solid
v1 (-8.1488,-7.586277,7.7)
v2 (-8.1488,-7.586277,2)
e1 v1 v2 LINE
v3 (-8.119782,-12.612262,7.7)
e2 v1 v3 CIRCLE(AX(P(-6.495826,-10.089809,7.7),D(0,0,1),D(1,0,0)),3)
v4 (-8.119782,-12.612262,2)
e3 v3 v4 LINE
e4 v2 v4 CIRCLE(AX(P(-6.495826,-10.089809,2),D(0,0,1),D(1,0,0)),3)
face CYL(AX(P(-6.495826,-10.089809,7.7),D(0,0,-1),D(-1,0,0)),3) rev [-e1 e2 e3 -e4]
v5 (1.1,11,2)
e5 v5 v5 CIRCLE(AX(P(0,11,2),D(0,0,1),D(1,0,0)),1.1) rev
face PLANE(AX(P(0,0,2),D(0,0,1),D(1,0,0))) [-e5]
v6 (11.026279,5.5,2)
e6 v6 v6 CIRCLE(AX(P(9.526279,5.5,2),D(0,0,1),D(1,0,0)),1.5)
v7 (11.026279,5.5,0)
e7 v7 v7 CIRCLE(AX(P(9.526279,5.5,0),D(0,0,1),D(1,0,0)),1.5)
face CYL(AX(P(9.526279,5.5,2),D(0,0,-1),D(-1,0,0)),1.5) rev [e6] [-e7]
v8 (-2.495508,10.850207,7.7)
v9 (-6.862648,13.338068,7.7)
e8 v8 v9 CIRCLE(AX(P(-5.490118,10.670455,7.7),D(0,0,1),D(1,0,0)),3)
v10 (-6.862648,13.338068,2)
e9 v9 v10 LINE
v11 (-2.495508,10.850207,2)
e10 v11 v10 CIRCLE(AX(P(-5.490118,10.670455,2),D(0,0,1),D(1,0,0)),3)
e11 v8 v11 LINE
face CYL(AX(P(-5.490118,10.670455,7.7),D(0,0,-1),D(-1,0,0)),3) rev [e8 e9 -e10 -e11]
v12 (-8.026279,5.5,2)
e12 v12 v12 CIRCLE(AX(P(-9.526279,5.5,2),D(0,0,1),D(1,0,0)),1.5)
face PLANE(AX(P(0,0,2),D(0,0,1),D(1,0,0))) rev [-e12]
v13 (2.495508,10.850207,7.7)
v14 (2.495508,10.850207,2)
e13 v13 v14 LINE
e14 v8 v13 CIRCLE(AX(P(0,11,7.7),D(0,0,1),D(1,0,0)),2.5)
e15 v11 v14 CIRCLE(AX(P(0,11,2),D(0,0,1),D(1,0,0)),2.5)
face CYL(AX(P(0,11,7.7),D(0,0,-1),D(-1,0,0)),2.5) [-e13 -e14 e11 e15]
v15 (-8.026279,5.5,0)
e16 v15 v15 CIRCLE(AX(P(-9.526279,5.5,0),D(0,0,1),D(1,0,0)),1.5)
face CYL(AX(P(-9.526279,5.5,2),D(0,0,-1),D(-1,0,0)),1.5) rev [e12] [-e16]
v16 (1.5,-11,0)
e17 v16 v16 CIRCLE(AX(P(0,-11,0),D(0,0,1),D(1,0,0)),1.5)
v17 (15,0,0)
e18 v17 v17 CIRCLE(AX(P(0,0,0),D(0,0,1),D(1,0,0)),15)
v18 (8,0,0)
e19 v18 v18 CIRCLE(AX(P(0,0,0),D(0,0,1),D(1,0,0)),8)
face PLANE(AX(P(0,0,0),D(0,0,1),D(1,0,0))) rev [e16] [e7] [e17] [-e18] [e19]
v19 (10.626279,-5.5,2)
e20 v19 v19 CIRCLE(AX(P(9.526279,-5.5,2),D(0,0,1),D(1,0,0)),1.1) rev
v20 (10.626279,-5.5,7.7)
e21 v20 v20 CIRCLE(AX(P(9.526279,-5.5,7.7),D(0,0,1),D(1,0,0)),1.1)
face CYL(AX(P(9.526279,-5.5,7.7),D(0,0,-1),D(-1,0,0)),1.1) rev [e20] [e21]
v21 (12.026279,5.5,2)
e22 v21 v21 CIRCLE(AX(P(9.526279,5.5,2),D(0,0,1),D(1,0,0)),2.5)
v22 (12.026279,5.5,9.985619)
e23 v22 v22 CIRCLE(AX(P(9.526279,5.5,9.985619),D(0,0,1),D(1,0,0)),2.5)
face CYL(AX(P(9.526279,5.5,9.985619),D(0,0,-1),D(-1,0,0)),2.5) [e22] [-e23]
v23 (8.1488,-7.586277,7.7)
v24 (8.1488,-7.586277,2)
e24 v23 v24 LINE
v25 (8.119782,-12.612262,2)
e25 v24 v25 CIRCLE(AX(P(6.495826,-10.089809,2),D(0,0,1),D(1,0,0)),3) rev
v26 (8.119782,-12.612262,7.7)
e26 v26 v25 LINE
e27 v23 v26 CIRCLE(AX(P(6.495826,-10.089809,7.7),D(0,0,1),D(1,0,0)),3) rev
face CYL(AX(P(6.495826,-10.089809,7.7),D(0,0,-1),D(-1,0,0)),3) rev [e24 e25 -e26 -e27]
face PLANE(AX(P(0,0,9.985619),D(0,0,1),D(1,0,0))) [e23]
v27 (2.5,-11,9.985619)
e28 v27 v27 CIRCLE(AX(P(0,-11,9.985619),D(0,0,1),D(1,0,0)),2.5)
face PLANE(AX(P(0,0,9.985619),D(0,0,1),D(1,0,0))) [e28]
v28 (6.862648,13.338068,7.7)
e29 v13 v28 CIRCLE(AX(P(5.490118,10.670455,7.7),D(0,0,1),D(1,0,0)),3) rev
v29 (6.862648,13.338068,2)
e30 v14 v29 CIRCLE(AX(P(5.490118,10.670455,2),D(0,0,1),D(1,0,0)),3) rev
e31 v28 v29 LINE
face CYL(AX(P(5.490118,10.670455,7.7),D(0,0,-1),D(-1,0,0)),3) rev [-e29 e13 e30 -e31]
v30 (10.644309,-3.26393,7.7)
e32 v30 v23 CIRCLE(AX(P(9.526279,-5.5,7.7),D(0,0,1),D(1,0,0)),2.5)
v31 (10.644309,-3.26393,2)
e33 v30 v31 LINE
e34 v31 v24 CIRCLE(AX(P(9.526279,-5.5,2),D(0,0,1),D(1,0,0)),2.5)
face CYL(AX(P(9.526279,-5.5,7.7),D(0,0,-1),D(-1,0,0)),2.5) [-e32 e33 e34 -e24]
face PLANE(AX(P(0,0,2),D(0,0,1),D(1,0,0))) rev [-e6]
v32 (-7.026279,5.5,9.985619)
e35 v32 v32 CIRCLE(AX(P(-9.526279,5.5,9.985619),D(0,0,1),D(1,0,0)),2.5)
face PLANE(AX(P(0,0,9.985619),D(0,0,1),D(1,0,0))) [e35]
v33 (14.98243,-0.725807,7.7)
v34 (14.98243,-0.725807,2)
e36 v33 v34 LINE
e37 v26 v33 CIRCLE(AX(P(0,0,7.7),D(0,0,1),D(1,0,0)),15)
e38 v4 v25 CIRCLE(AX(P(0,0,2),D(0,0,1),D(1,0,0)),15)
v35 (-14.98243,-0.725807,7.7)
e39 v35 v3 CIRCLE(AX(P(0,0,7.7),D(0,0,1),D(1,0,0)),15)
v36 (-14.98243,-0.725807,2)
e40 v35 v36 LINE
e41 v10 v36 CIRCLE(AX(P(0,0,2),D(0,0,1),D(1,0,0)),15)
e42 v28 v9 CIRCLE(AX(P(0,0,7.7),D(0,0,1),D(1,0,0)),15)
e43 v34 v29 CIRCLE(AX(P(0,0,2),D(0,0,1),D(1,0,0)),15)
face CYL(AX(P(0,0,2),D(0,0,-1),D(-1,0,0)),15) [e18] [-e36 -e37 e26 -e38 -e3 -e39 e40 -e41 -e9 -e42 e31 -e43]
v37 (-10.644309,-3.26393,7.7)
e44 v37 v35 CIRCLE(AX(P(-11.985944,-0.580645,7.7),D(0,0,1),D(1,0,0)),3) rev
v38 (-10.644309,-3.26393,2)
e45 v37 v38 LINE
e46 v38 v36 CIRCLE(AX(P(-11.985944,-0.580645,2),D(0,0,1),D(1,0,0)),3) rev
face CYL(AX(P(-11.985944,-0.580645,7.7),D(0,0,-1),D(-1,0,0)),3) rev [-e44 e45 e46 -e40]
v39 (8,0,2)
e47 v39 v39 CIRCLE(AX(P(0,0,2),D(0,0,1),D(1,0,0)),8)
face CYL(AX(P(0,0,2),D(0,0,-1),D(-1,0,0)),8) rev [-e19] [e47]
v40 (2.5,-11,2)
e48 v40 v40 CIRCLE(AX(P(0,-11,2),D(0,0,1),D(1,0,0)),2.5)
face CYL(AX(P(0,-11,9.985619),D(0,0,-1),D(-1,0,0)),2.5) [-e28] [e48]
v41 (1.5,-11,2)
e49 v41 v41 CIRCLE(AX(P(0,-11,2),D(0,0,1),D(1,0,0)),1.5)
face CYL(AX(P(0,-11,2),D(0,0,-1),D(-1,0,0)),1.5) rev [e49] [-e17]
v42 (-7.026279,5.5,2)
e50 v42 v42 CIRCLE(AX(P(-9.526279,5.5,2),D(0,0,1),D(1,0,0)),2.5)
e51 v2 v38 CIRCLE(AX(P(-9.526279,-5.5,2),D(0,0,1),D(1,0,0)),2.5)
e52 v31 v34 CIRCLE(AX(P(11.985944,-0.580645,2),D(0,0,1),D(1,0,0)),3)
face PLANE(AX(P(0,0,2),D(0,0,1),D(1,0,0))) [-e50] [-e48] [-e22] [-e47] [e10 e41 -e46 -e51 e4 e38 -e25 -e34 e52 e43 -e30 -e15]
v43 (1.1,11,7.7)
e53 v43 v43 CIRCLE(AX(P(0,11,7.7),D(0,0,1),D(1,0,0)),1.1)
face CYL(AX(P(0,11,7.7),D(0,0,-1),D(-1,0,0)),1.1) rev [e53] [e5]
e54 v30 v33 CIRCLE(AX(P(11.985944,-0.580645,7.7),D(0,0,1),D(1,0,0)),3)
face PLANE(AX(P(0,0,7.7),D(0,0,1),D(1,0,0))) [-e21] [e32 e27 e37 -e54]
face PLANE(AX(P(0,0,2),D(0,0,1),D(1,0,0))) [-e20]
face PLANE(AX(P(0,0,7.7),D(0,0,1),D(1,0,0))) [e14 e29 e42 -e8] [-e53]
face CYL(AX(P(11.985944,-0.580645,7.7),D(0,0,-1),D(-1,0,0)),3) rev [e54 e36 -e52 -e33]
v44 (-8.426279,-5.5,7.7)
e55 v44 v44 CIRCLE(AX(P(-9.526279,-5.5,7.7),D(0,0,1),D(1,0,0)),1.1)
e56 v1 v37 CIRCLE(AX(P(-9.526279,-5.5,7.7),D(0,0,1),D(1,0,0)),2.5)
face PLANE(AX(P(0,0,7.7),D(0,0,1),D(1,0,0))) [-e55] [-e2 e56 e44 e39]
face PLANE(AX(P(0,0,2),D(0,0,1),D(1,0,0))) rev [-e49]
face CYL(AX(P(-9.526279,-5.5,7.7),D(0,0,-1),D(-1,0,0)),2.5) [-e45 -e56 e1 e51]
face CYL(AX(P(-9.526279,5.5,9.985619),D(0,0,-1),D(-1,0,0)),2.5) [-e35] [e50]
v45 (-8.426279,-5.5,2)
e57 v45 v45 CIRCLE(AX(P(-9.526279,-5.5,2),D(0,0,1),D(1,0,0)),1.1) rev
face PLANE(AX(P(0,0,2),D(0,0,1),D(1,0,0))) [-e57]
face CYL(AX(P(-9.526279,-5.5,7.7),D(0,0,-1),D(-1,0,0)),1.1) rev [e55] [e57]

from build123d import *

# Parameters (mm, degrees)
SKETCH1_R           = 15
SKETCH1_R_2         = 8
SKETCH1_R_3         = 1.5
BOSS_EXTRUDE1_DEPTH = 2
SKETCH2_R           = 2.5
SKETCH2_R_2         = 1.5
BOSS_EXTRUDE2_DEPTH = 7.985619116
SKETCH3_R           = 1.1
BOSS_EXTRUDE3_DEPTH = 5.7


with BuildPart() as part:
    # Sketch1 → Boss-Extrude1 (new body)
    with BuildSketch(Plane.XY):
        Circle(SKETCH1_R)
        Circle(SKETCH1_R_2, mode=Mode.SUBTRACT)
        with Locations((9.526279442, 5.5)):
            Circle(SKETCH1_R_3, mode=Mode.SUBTRACT)
        with Locations((0, -11)):
            Circle(SKETCH1_R_3, mode=Mode.SUBTRACT)
        with Locations((-9.526279442, 5.5)):
            Circle(SKETCH1_R_3, mode=Mode.SUBTRACT)
    extrude(amount=BOSS_EXTRUDE1_DEPTH)

    # Sketch2 → Boss-Extrude2 (add)
    # profile 1 of 6: a face of its own
    with BuildSketch(Plane.XY.offset(2)):
        with Locations((-9.526279442, 5.5)):
            Circle(SKETCH2_R)
        with Locations((-9.526279442, 5.5)):
            Circle(SKETCH2_R_2, mode=Mode.SUBTRACT)
    # profile 2 of 6: a face of its own
    with BuildSketch(Plane.XY.offset(2)):
        with Locations((9.526279442, 5.5)):
            Circle(SKETCH2_R)
        with Locations((9.526279442, 5.5)):
            Circle(SKETCH2_R_2, mode=Mode.SUBTRACT)
    # profile 3 of 6: a face of its own
    with BuildSketch(Plane.XY.offset(2)):
        with Locations((-9.526279442, 5.5)):
            Circle(SKETCH2_R_2)
    # profile 4 of 6: a face of its own
    with BuildSketch(Plane.XY.offset(2)):
        with Locations((9.526279442, 5.5)):
            Circle(SKETCH2_R_2)
    # profile 5 of 6: a face of its own
    with BuildSketch(Plane.XY.offset(2)):
        with Locations((0, -11)):
            Circle(SKETCH2_R)
        with Locations((0, -11)):
            Circle(SKETCH2_R_2, mode=Mode.SUBTRACT)
    # profile 6 of 6: a face of its own
    with BuildSketch(Plane.XY.offset(2)):
        with Locations((0, -11)):
            Circle(SKETCH2_R_2)
    extrude(amount=BOSS_EXTRUDE2_DEPTH)

    # Sketch3 → Boss-Extrude3 (add)
    # profile 1 of 4: a face of its own
    with BuildSketch(Plane.XY.offset(2)):
        with BuildLine():
            ThreePointArc((-10.644308739, -3.263929677), (-13.500919136, -3.170017803), (-14.982429868, -0.725806611))
            ThreePointArc((-14.982429868, -0.725806611), (-12.990381057, -7.5), (-8.119781897, -12.612261571))
            ThreePointArc((-8.119781897, -12.612261571), (-9.495775516, -10.107130045), (-8.148800385, -7.586276935))
            ThreePointArc((-8.148800385, -7.586276935), (-7.361215932, -4.25), (-10.644308739, -3.263929677))
        make_face()
        with Locations((-9.526279442, -5.5)):
            Circle(SKETCH3_R, mode=Mode.SUBTRACT)
    # profile 2 of 4: a face of its own
    with BuildSketch(Plane.XY.offset(2)):
        with BuildLine():
            ThreePointArc((8.119781897, -12.612261571), (12.990381057, -7.5), (14.982429868, -0.725806611))
            ThreePointArc((14.982429868, -0.725806611), (13.500919136, -3.170017803), (10.644308739, -3.263929677))
            ThreePointArc((10.644308739, -3.263929677), (7.361215932, -4.25), (8.148800385, -7.586276935))
            ThreePointArc((8.148800385, -7.586276935), (9.495775516, -10.107130045), (8.119781897, -12.612261571))
        make_face()
        with Locations((9.526279442, -5.5)):
            Circle(SKETCH3_R, mode=Mode.SUBTRACT)
    # profile 3 of 4: a face of its own
    with BuildSketch(Plane.XY.offset(2)):
        with BuildLine():
            ThreePointArc((-2.495508353, 10.850206612), (-1.713988992, 9.18004348), (0, 8.5))
            Line((0, 8.5), (0, 9.9))
            ThreePointArc((0, 9.9), (-1.1, 11), (0, 12.1))
            Line((0, 12.1), (0, 15))
            ThreePointArc((0, 15), (-3.530508269, 14.578597716), (-6.862647971, 13.338068182))
            ThreePointArc((-6.862647971, 13.338068182), (-4.00514362, 13.277147848), (-2.495508353, 10.850206612))
        make_face()
    # profile 4 of 4: a face of its own
    with BuildSketch(Plane.XY.offset(2)):
        with BuildLine():
            Line((0, 9.9), (0, 8.5))
            ThreePointArc((0, 8.5), (1.713988992, 9.18004348), (2.495508353, 10.850206612))
            ThreePointArc((2.495508353, 10.850206612), (4.00514362, 13.277147848), (6.862647971, 13.338068182))
            ThreePointArc((6.862647971, 13.338068182), (3.530508269, 14.578597716), (0, 15))
            Line((0, 15), (0, 12.1))
            ThreePointArc((0, 12.1), (0.777817459, 11.777817459), (1.1, 11))
            ThreePointArc((1.1, 11), (0.777817459, 10.222182541), (0, 9.9))
        make_face()
    extrude(amount=BOSS_EXTRUDE3_DEPTH)


solid = part.part
